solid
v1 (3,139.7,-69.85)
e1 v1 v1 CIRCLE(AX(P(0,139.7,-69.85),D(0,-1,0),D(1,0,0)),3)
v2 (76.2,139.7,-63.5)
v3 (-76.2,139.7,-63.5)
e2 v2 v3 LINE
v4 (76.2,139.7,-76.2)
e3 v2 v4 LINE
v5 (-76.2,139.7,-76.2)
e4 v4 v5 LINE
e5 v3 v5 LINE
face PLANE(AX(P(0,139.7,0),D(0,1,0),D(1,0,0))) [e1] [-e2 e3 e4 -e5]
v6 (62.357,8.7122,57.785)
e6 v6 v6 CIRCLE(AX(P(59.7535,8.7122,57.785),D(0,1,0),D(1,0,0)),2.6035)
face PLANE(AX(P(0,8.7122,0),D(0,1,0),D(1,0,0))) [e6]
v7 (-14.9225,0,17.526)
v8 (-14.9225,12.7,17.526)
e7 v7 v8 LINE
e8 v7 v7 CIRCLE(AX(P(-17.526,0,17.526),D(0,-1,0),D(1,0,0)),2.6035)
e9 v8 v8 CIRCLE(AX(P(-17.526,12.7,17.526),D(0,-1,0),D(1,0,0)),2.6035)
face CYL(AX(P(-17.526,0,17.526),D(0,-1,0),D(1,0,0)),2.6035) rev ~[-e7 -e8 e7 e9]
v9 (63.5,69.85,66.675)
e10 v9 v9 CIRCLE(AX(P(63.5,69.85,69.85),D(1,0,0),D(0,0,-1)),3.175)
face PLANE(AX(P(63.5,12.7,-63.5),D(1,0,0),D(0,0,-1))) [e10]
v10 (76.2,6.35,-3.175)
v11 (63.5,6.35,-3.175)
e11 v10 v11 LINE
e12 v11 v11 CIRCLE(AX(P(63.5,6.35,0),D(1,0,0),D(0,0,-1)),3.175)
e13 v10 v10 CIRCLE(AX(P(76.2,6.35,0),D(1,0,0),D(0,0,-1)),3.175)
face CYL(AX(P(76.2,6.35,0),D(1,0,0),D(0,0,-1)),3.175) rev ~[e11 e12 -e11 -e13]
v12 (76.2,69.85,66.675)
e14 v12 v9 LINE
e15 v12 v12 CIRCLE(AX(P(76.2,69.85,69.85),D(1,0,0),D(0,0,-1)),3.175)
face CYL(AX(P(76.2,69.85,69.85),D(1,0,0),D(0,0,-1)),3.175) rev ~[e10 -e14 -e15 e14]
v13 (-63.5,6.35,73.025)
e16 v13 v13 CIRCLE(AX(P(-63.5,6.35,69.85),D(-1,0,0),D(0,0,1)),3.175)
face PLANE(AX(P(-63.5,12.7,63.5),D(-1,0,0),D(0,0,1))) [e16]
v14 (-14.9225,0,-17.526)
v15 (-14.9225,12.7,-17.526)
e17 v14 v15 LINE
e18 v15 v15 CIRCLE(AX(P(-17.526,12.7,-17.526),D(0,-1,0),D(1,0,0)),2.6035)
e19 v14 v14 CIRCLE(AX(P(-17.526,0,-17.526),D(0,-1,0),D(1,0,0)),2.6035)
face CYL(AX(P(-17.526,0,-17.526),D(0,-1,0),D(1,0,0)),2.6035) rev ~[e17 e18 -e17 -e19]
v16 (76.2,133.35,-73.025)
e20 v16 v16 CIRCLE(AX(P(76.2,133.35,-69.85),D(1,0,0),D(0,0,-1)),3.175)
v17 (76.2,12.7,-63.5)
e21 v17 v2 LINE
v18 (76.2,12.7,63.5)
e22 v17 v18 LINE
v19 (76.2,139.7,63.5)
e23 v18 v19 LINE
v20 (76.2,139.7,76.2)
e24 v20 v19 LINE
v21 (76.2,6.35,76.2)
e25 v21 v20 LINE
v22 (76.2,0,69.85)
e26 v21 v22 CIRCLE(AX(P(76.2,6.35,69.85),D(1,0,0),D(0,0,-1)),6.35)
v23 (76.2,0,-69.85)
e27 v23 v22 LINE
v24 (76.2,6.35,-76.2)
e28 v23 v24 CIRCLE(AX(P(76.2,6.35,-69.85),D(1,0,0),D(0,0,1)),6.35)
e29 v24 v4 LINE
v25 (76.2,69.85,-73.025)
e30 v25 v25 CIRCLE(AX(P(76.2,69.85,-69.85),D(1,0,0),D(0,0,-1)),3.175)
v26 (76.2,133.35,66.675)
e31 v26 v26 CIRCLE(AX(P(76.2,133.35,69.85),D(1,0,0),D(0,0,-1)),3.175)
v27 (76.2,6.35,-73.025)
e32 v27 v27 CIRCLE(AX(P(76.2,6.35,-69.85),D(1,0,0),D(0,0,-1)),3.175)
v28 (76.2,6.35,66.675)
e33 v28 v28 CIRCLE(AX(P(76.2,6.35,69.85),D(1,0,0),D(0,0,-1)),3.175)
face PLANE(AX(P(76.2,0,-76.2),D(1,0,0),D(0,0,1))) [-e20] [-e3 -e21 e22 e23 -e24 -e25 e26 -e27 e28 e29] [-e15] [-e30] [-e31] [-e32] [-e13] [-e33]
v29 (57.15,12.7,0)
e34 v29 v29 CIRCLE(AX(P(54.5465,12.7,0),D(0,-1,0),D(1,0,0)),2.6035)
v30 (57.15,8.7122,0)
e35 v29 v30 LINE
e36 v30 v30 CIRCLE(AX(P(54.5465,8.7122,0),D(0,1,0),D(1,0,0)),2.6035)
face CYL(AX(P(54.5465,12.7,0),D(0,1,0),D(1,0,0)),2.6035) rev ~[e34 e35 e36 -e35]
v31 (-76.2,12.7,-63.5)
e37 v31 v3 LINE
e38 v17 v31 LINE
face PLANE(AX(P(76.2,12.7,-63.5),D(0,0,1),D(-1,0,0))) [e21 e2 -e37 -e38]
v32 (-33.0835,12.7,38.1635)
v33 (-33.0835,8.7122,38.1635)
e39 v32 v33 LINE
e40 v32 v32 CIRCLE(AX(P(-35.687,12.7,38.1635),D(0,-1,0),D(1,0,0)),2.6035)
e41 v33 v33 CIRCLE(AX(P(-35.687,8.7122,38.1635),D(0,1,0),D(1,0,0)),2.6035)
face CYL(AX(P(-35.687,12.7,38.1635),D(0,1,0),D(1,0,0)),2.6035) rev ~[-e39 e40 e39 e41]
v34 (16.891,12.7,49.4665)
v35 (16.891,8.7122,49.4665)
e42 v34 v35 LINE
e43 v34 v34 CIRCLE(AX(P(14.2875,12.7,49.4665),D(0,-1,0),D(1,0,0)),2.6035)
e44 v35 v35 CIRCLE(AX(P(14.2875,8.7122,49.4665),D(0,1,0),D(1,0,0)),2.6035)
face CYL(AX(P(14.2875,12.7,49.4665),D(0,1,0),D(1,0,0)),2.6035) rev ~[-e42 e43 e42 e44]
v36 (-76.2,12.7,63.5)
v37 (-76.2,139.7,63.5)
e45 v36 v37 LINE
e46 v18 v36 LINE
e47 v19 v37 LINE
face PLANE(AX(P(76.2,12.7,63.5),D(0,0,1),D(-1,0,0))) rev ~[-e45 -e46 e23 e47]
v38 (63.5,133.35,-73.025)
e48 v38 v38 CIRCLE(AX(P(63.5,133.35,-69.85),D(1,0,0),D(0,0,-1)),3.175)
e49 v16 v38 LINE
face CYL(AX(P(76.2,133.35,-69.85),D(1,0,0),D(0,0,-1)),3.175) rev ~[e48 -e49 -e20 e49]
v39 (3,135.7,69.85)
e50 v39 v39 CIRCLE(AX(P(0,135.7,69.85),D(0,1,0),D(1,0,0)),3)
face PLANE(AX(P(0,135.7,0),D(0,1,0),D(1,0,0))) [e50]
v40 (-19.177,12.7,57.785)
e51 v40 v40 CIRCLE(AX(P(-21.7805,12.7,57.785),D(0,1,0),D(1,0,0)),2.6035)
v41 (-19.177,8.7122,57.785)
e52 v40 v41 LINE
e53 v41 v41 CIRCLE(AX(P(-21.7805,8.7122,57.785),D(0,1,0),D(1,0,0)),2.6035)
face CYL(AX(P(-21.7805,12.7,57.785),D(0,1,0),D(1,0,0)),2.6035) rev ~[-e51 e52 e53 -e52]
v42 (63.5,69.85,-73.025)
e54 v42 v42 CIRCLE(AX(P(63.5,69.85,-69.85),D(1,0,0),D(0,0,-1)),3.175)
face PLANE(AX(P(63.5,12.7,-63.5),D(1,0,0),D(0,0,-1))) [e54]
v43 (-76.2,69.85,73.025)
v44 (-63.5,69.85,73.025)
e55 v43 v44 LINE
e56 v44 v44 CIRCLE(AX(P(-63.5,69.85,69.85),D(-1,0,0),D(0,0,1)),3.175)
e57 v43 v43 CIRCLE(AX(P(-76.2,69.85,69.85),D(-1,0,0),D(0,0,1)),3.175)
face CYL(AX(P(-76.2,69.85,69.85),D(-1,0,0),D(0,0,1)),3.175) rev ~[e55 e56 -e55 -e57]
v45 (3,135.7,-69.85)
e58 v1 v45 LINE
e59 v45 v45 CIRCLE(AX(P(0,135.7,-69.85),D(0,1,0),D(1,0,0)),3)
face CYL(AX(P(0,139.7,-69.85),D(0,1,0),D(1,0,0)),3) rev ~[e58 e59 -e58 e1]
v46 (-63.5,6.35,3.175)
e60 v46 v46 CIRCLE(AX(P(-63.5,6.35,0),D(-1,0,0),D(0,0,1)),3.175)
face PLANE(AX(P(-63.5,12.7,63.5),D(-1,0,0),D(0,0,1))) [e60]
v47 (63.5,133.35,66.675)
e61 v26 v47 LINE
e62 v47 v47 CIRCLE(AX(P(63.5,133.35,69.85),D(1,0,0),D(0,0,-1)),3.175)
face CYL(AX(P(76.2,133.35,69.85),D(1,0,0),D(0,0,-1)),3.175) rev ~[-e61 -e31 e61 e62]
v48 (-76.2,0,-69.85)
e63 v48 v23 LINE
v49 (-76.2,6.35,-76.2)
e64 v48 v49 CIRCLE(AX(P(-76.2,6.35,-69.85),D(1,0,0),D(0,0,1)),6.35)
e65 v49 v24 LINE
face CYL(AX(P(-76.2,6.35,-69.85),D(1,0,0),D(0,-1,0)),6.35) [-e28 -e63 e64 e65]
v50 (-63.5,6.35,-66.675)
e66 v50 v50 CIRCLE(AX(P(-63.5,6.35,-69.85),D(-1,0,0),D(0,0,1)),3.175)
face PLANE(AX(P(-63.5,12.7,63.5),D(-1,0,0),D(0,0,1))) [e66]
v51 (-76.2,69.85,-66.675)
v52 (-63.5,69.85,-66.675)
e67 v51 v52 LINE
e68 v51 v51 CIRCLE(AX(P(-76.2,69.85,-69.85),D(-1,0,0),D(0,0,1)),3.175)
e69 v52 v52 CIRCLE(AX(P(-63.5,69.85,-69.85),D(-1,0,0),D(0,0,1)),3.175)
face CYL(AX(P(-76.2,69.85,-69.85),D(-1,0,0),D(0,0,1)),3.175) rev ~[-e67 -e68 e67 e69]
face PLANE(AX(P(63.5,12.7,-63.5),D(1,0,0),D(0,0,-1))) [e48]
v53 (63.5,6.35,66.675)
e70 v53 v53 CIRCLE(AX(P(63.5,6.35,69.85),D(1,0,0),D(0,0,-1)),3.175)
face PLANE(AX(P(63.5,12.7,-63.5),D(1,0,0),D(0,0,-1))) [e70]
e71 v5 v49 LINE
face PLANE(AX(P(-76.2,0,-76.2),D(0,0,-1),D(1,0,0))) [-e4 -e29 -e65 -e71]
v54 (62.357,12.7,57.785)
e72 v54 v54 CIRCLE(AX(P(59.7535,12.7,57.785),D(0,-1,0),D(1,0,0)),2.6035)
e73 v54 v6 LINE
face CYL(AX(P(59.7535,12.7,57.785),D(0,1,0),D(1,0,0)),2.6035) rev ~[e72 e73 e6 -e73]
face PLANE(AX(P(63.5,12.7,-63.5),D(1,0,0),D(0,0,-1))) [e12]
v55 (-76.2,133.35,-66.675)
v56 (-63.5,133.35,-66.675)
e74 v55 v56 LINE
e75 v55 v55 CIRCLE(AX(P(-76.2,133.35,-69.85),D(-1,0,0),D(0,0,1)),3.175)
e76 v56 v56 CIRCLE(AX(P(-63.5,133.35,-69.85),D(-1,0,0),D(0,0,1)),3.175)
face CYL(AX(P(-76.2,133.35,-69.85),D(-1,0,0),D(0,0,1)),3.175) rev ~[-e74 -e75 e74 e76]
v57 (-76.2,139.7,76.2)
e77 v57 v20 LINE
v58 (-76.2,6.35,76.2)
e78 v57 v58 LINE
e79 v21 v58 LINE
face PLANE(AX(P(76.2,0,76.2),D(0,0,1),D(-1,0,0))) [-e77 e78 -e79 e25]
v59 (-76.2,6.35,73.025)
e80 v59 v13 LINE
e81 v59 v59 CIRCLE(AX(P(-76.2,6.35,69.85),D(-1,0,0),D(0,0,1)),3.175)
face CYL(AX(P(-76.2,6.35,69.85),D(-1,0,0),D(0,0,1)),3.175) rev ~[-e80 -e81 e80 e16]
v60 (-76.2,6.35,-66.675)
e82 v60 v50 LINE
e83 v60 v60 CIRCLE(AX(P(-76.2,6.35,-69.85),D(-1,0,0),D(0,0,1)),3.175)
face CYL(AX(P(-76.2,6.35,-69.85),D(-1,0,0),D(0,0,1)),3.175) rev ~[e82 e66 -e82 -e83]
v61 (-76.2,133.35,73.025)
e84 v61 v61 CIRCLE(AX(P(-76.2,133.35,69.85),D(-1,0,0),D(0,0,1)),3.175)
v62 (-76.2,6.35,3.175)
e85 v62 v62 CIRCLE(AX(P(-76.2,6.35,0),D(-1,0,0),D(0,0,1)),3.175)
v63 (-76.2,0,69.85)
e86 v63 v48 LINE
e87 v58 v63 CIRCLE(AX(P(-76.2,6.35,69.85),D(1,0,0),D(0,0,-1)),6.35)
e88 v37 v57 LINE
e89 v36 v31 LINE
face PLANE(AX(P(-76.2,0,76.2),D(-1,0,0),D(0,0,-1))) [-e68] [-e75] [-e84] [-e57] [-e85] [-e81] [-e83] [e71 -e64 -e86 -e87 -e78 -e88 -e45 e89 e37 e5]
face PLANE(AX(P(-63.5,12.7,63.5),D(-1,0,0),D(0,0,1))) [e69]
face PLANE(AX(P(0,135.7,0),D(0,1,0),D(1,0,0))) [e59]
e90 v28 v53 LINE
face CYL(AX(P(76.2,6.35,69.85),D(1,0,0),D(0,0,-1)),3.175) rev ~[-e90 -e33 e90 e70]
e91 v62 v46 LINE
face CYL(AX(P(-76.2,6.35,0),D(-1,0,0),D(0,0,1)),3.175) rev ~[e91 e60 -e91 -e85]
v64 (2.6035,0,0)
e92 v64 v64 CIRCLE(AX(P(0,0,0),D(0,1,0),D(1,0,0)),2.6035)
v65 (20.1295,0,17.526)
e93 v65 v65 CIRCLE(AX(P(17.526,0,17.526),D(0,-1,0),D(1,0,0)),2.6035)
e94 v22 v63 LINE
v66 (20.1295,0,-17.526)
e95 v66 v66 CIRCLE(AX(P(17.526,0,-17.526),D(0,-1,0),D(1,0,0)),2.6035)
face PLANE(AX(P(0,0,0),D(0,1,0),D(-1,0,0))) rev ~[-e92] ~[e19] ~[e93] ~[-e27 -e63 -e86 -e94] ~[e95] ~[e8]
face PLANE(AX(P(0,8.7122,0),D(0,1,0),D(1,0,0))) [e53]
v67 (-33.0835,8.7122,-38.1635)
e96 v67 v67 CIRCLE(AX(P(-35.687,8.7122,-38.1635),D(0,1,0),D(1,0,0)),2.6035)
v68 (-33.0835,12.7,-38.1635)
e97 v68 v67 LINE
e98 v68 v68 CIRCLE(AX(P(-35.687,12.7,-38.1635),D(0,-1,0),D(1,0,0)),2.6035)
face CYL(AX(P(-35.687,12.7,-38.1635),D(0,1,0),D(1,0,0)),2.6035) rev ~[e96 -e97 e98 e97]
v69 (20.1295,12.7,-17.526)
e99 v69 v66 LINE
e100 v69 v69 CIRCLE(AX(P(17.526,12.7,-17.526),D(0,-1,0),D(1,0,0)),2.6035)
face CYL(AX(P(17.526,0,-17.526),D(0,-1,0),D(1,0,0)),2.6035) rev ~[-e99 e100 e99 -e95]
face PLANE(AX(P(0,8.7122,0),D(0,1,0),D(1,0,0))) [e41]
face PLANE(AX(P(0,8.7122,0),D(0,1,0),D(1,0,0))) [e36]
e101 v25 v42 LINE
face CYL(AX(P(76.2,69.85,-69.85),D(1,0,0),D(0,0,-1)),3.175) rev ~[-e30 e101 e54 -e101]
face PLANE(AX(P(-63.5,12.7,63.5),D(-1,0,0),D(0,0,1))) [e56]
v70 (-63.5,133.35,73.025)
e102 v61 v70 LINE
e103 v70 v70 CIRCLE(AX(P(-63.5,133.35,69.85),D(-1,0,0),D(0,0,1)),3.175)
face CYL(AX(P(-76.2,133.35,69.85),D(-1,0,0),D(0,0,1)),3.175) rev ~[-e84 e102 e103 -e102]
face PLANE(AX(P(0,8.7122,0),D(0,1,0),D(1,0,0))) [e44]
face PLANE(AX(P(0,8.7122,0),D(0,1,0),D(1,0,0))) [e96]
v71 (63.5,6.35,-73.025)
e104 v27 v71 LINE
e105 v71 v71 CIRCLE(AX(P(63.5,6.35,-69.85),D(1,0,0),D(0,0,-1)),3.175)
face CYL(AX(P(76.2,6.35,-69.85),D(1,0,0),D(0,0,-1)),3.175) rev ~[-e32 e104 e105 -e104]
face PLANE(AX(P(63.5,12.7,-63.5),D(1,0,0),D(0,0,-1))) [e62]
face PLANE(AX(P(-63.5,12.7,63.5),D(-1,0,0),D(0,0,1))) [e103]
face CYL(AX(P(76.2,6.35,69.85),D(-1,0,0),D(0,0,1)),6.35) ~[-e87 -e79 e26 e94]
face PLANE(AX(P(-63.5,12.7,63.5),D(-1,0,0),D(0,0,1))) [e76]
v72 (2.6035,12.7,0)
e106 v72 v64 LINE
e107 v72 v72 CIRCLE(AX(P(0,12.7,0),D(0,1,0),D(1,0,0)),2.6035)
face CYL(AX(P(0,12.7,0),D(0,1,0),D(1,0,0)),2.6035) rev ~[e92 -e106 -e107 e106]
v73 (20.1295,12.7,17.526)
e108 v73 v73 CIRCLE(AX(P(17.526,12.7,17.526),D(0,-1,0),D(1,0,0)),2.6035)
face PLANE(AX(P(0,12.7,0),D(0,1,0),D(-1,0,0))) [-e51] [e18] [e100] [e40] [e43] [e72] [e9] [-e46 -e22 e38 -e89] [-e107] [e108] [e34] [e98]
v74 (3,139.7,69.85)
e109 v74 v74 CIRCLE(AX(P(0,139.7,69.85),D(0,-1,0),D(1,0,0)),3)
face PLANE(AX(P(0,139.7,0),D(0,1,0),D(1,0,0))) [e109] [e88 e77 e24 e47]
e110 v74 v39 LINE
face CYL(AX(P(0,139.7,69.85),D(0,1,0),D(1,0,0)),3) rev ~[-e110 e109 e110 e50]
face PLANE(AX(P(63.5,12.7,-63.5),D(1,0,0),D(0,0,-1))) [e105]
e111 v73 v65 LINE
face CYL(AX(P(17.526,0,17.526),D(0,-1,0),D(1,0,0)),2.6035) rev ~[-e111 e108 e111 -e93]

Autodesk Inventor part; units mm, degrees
ref_plane "YZ Plane" through (0, 0, 0) normal (1, 0, 0) x (0, 1, 0)
ref_plane "XZ Plane" through (0, 0, 0) normal (0, 1, 0) x (-1, 0, 0)
ref_plane "XY Plane" through (0, 0, 0) normal (0, 0, 1) x (1, 0, 0)
sketch "Sketch1" plane through (0, 0, 0) normal (0, 1, 0) x (-1, 0, 0)
  point P0 (0, 0)
sketch "Sketch2" plane through (0, 0, 0) normal (0, 1, 0) x (-1, 0, 0)
  line L0 (-76.2, 76.2) -> (76.2, 76.2)
  line L1 (76.2, 76.2) -> (76.2, -76.2)
  line L2 (76.2, -76.2) -> (-76.2, -76.2)
  line L3 (-76.2, -76.2) -> (-76.2, 76.2)
  line L4 (-76.2, 76.2) -> (76.2, -76.2) construction
  line L5 (76.2, 76.2) -> (-76.2, -76.2) construction
  point P0 (0, 0)
  dimension "d0" = 152.4
  dimension "d1" = 152.4
extrude "Extrusion1" add sketch "Sketch2" along normal blind 12.7
sketch "Sketch3" plane through (0, 12.7, 0) normal (0, 1, 0) x (1, 0, 0)
  line L0 (76.2, 76.2) -> (-76.2, 76.2) projected
  line L1 (76.2, -76.2) -> (76.2, 76.2) projected
  line L2 (-76.2, 76.2) -> (76.2, 76.2)
  line L3 (76.2, 76.2) -> (76.2, 63.5)
  line L4 (76.2, 63.5) -> (-76.2, 63.5)
  line L5 (-76.2, 63.5) -> (-76.2, 76.2)
  line L6 (-76.2, -76.2) -> (76.2, -76.2)
  line L7 (76.2, -76.2) -> (76.2, -63.5)
  line L8 (76.2, -63.5) -> (-76.2, -63.5)
  line L9 (-76.2, -63.5) -> (-76.2, -76.2)
  point P0 (0, 0)
  point P1 (76.2, -76.2)
  dimension "d4" = 12.7
  dimension "d5" = 12.7
  dimension "d15" = 152.4
extrude "Extrusion2" add sketch "Sketch3" along normal blind 127
fillet "Fillet1" radius 6.35 2 edges at (0, 0, 76.2) (0, 0, -76.2)
sketch "Sketch4" plane through (76.2, 12.7, -63.5) normal (1, 0, 0) x (0, 0, -1)
  circle A0 centre (-133.35, 120.65) radius 3.175
  circle A1 centre (-133.35, -6.35) radius 3.175
  circle A2 centre (-133.35, 57.15) radius 3.175
  circle A3 centre (6.35, 120.65) radius 3.175
  circle A4 centre (6.35, -6.35) radius 3.175
  circle A5 centre (6.35, 57.15) radius 3.175
  circle A6 centre (-63.5, -6.35) radius 3.175
  point P0 (-63.5, -12.7)
  dimension "d9" = 127
extrude "Extrusion3" cut sketch "Sketch4" against normal blind 12.7
sketch "Sketch5" plane through (-76.2, 12.7, 63.5) normal (-1, 0, 0) x (0, 0, 1)
  circle A0 centre (-133.35, 120.65) radius 3.175 projected
  circle A1 centre (-133.35, 120.65) radius 3.175
  circle A2 centre (-133.35, 57.15) radius 3.175 projected
  circle A3 centre (-133.35, 57.15) radius 3.175
  circle A4 centre (-133.35, -6.35) radius 3.175 projected
  circle A5 centre (-133.35, -6.35) radius 3.175
  circle A6 centre (-63.5, -6.35) radius 3.175 projected
  circle A7 centre (-63.5, -6.35) radius 3.175
  circle A8 centre (6.35, -6.35) radius 3.175 projected
  circle A9 centre (6.35, -6.35) radius 3.175
  circle A10 centre (6.35, 57.15) radius 3.175 projected
  circle A11 centre (6.35, 57.15) radius 3.175
  circle A12 centre (6.35, 120.65) radius 3.175 projected
  circle A13 centre (6.35, 120.65) radius 3.175
  line L0 (6.35, -12.7) -> (-133.35, -12.7) projected
  point P0 (-63.5, -12.7)
  dimension "d20" = 69.85
sketch "Sketch6" plane through (0, 139.7, 0) normal (0, 1, 0) x (1, 0, 0)
  line L0 (76.2, 69.85) -> (-76.2, 69.85) projected
  circle A0 centre (0, 69.85) radius 3
  line L1 (-76.2, -69.85) -> (76.2, -69.85) projected
  circle A1 centre (0, -69.85) radius 3
  point P0 (0, 0)
  dimension "d16" = 6
  dimension "d17" = 6
extrude "Extrusion5" cut sketch "Sketch6" against normal blind 4
extrude "Extrusion6" cut sketch "Sketch5" against normal blind 12.7
sketch "Sketch7" plane through (0, 12.7, 0) normal (0, 1, 0) x (1, 0, 0)
  line L0 (76.2, 0) -> (63.5, 0)
  line L1 (63.5, 3.175) -> (63.5, -3.175) projected
  line L2 (63.5, 0) -> (57.15, 0)
  circle A0 centre (54.5465, 0) radius 2.6035
  line L3 (51.943, 0) -> (-35.687, 0)
  line L4 (-35.687, 0) -> (-35.687, 35.56)
  line L5 (-35.687, 35.56) -> (-35.687, -35.56)
  circle A1 centre (-35.687, 38.1635) radius 2.6035
  circle A2 centre (-35.687, -38.1635) radius 2.6035
  point P0 (0, 0)
  dimension "d28" = 5.207
  dimension "d29" = 5.207
  dimension "d23" = 6.35
  dimension "d24" = 5.207
  dimension "d25" = 87.63
  dimension "d26" = 35.56
  dimension "d27" = 71.12
extrude "Extrusion7" cut sketch "Sketch7" against normal blind 3.9878
sketch "Sketch8" plane through (0, 12.7, 0) normal (0, 1, 0) x (1, 0, 0)
  circle A0 centre (54.5465, 0) radius 2.6035 projected
  line L0 (51.943, 0) -> (-76.2, 0)
  point P0 (0, 0)
sketch "Sketch9" plane through (0, 12.7, 0) normal (0, 1, 0) x (1, 0, 0)
  point P0 (0, 0)
sketch "Sketch10" plane through (0, 12.7, 0) normal (0, 1, 0) x (1, 0, 0)
  line L0 (57.15, -63.5) -> (57.15, -52.07)
  line L1 (57.15, -57.785) -> (-19.177, -57.785)
  line L2 (-76.2, -63.5) -> (76.2, -63.5) projected
  line L3 (13.97, -63.5) -> (13.97, -52.07)
  line L4 (11.1125, -52.07) -> (17.4625, -52.07)
  circle A0 centre (14.2875, -49.4665) radius 2.6035
  circle A1 centre (59.7535, -57.785) radius 2.6035
  line L5 (-19.177, -61.9125) -> (-19.177, -53.133)
  circle A2 centre (-21.7805, -57.785) radius 2.6035
  point P0 (0, 0)
  dimension "d32" = 11.43
  dimension "d33" = 76.327
  dimension "d36" = 5.207
  dimension "d37" = 5.207
  dimension "d38" = 5.207
extrude "Extrusion8" cut sketch "Sketch10" against normal blind 3.9878 contours A2 | A0 | A1
sketch "Sketch11" plane through (0, 0, 0) normal (0, -1, 0) x (1, 0, 0)
  line L0 (17.526, -17.526) -> (-17.526, -17.526)
  line L1 (-17.526, -17.526) -> (-17.526, 17.526)
  line L2 (-17.526, 17.526) -> (17.526, 17.526)
  line L3 (17.526, 17.526) -> (17.526, -17.526)
  line L4 (17.526, -17.526) -> (-17.526, 17.526) construction
  line L5 (-17.526, -17.526) -> (17.526, 17.526) construction
  circle A0 centre (-50.8, 55.5625) radius 2.6035
  circle A1 centre (-17.526, 17.526) radius 2.6035
  circle A2 centre (-17.526, -17.526) radius 2.6035
  circle A3 centre (17.526, -17.526) radius 2.6035
  circle A4 centre (17.526, 17.526) radius 2.6035
  point P0 (0, 0)
  dimension "d39" = 35.052
  dimension "d40" = 35.052
  dimension "d41" = 5.207
  dimension "d42" = 5.207
  dimension "d43" = 5.207
  dimension "d44" = 5.207
  dimension "d45" = 5.207
extrude "Extrusion9" cut sketch "Sketch11" along normal blind 25.4 and the other way blind 25.4 contours A2 L1 L0 | L0 L1 A2 | A3 L3 L0 | L0 L3 A3 | A1 L2 L1 | L1 L2 A1 | A4 L2 L3 | L3 L2 A4
sketch "Sketch13" plane through (0, 12.7, 0) normal (0, 1, 0) x (1, 0, 0)
  circle A0 centre (0, 0) radius 2.6035
  dimension "d54" = 5.207
extrude "Extrusion11" cut sketch "Sketch13" against normal blind 25.4
properties part number "Fuselage_Body_Piece"
